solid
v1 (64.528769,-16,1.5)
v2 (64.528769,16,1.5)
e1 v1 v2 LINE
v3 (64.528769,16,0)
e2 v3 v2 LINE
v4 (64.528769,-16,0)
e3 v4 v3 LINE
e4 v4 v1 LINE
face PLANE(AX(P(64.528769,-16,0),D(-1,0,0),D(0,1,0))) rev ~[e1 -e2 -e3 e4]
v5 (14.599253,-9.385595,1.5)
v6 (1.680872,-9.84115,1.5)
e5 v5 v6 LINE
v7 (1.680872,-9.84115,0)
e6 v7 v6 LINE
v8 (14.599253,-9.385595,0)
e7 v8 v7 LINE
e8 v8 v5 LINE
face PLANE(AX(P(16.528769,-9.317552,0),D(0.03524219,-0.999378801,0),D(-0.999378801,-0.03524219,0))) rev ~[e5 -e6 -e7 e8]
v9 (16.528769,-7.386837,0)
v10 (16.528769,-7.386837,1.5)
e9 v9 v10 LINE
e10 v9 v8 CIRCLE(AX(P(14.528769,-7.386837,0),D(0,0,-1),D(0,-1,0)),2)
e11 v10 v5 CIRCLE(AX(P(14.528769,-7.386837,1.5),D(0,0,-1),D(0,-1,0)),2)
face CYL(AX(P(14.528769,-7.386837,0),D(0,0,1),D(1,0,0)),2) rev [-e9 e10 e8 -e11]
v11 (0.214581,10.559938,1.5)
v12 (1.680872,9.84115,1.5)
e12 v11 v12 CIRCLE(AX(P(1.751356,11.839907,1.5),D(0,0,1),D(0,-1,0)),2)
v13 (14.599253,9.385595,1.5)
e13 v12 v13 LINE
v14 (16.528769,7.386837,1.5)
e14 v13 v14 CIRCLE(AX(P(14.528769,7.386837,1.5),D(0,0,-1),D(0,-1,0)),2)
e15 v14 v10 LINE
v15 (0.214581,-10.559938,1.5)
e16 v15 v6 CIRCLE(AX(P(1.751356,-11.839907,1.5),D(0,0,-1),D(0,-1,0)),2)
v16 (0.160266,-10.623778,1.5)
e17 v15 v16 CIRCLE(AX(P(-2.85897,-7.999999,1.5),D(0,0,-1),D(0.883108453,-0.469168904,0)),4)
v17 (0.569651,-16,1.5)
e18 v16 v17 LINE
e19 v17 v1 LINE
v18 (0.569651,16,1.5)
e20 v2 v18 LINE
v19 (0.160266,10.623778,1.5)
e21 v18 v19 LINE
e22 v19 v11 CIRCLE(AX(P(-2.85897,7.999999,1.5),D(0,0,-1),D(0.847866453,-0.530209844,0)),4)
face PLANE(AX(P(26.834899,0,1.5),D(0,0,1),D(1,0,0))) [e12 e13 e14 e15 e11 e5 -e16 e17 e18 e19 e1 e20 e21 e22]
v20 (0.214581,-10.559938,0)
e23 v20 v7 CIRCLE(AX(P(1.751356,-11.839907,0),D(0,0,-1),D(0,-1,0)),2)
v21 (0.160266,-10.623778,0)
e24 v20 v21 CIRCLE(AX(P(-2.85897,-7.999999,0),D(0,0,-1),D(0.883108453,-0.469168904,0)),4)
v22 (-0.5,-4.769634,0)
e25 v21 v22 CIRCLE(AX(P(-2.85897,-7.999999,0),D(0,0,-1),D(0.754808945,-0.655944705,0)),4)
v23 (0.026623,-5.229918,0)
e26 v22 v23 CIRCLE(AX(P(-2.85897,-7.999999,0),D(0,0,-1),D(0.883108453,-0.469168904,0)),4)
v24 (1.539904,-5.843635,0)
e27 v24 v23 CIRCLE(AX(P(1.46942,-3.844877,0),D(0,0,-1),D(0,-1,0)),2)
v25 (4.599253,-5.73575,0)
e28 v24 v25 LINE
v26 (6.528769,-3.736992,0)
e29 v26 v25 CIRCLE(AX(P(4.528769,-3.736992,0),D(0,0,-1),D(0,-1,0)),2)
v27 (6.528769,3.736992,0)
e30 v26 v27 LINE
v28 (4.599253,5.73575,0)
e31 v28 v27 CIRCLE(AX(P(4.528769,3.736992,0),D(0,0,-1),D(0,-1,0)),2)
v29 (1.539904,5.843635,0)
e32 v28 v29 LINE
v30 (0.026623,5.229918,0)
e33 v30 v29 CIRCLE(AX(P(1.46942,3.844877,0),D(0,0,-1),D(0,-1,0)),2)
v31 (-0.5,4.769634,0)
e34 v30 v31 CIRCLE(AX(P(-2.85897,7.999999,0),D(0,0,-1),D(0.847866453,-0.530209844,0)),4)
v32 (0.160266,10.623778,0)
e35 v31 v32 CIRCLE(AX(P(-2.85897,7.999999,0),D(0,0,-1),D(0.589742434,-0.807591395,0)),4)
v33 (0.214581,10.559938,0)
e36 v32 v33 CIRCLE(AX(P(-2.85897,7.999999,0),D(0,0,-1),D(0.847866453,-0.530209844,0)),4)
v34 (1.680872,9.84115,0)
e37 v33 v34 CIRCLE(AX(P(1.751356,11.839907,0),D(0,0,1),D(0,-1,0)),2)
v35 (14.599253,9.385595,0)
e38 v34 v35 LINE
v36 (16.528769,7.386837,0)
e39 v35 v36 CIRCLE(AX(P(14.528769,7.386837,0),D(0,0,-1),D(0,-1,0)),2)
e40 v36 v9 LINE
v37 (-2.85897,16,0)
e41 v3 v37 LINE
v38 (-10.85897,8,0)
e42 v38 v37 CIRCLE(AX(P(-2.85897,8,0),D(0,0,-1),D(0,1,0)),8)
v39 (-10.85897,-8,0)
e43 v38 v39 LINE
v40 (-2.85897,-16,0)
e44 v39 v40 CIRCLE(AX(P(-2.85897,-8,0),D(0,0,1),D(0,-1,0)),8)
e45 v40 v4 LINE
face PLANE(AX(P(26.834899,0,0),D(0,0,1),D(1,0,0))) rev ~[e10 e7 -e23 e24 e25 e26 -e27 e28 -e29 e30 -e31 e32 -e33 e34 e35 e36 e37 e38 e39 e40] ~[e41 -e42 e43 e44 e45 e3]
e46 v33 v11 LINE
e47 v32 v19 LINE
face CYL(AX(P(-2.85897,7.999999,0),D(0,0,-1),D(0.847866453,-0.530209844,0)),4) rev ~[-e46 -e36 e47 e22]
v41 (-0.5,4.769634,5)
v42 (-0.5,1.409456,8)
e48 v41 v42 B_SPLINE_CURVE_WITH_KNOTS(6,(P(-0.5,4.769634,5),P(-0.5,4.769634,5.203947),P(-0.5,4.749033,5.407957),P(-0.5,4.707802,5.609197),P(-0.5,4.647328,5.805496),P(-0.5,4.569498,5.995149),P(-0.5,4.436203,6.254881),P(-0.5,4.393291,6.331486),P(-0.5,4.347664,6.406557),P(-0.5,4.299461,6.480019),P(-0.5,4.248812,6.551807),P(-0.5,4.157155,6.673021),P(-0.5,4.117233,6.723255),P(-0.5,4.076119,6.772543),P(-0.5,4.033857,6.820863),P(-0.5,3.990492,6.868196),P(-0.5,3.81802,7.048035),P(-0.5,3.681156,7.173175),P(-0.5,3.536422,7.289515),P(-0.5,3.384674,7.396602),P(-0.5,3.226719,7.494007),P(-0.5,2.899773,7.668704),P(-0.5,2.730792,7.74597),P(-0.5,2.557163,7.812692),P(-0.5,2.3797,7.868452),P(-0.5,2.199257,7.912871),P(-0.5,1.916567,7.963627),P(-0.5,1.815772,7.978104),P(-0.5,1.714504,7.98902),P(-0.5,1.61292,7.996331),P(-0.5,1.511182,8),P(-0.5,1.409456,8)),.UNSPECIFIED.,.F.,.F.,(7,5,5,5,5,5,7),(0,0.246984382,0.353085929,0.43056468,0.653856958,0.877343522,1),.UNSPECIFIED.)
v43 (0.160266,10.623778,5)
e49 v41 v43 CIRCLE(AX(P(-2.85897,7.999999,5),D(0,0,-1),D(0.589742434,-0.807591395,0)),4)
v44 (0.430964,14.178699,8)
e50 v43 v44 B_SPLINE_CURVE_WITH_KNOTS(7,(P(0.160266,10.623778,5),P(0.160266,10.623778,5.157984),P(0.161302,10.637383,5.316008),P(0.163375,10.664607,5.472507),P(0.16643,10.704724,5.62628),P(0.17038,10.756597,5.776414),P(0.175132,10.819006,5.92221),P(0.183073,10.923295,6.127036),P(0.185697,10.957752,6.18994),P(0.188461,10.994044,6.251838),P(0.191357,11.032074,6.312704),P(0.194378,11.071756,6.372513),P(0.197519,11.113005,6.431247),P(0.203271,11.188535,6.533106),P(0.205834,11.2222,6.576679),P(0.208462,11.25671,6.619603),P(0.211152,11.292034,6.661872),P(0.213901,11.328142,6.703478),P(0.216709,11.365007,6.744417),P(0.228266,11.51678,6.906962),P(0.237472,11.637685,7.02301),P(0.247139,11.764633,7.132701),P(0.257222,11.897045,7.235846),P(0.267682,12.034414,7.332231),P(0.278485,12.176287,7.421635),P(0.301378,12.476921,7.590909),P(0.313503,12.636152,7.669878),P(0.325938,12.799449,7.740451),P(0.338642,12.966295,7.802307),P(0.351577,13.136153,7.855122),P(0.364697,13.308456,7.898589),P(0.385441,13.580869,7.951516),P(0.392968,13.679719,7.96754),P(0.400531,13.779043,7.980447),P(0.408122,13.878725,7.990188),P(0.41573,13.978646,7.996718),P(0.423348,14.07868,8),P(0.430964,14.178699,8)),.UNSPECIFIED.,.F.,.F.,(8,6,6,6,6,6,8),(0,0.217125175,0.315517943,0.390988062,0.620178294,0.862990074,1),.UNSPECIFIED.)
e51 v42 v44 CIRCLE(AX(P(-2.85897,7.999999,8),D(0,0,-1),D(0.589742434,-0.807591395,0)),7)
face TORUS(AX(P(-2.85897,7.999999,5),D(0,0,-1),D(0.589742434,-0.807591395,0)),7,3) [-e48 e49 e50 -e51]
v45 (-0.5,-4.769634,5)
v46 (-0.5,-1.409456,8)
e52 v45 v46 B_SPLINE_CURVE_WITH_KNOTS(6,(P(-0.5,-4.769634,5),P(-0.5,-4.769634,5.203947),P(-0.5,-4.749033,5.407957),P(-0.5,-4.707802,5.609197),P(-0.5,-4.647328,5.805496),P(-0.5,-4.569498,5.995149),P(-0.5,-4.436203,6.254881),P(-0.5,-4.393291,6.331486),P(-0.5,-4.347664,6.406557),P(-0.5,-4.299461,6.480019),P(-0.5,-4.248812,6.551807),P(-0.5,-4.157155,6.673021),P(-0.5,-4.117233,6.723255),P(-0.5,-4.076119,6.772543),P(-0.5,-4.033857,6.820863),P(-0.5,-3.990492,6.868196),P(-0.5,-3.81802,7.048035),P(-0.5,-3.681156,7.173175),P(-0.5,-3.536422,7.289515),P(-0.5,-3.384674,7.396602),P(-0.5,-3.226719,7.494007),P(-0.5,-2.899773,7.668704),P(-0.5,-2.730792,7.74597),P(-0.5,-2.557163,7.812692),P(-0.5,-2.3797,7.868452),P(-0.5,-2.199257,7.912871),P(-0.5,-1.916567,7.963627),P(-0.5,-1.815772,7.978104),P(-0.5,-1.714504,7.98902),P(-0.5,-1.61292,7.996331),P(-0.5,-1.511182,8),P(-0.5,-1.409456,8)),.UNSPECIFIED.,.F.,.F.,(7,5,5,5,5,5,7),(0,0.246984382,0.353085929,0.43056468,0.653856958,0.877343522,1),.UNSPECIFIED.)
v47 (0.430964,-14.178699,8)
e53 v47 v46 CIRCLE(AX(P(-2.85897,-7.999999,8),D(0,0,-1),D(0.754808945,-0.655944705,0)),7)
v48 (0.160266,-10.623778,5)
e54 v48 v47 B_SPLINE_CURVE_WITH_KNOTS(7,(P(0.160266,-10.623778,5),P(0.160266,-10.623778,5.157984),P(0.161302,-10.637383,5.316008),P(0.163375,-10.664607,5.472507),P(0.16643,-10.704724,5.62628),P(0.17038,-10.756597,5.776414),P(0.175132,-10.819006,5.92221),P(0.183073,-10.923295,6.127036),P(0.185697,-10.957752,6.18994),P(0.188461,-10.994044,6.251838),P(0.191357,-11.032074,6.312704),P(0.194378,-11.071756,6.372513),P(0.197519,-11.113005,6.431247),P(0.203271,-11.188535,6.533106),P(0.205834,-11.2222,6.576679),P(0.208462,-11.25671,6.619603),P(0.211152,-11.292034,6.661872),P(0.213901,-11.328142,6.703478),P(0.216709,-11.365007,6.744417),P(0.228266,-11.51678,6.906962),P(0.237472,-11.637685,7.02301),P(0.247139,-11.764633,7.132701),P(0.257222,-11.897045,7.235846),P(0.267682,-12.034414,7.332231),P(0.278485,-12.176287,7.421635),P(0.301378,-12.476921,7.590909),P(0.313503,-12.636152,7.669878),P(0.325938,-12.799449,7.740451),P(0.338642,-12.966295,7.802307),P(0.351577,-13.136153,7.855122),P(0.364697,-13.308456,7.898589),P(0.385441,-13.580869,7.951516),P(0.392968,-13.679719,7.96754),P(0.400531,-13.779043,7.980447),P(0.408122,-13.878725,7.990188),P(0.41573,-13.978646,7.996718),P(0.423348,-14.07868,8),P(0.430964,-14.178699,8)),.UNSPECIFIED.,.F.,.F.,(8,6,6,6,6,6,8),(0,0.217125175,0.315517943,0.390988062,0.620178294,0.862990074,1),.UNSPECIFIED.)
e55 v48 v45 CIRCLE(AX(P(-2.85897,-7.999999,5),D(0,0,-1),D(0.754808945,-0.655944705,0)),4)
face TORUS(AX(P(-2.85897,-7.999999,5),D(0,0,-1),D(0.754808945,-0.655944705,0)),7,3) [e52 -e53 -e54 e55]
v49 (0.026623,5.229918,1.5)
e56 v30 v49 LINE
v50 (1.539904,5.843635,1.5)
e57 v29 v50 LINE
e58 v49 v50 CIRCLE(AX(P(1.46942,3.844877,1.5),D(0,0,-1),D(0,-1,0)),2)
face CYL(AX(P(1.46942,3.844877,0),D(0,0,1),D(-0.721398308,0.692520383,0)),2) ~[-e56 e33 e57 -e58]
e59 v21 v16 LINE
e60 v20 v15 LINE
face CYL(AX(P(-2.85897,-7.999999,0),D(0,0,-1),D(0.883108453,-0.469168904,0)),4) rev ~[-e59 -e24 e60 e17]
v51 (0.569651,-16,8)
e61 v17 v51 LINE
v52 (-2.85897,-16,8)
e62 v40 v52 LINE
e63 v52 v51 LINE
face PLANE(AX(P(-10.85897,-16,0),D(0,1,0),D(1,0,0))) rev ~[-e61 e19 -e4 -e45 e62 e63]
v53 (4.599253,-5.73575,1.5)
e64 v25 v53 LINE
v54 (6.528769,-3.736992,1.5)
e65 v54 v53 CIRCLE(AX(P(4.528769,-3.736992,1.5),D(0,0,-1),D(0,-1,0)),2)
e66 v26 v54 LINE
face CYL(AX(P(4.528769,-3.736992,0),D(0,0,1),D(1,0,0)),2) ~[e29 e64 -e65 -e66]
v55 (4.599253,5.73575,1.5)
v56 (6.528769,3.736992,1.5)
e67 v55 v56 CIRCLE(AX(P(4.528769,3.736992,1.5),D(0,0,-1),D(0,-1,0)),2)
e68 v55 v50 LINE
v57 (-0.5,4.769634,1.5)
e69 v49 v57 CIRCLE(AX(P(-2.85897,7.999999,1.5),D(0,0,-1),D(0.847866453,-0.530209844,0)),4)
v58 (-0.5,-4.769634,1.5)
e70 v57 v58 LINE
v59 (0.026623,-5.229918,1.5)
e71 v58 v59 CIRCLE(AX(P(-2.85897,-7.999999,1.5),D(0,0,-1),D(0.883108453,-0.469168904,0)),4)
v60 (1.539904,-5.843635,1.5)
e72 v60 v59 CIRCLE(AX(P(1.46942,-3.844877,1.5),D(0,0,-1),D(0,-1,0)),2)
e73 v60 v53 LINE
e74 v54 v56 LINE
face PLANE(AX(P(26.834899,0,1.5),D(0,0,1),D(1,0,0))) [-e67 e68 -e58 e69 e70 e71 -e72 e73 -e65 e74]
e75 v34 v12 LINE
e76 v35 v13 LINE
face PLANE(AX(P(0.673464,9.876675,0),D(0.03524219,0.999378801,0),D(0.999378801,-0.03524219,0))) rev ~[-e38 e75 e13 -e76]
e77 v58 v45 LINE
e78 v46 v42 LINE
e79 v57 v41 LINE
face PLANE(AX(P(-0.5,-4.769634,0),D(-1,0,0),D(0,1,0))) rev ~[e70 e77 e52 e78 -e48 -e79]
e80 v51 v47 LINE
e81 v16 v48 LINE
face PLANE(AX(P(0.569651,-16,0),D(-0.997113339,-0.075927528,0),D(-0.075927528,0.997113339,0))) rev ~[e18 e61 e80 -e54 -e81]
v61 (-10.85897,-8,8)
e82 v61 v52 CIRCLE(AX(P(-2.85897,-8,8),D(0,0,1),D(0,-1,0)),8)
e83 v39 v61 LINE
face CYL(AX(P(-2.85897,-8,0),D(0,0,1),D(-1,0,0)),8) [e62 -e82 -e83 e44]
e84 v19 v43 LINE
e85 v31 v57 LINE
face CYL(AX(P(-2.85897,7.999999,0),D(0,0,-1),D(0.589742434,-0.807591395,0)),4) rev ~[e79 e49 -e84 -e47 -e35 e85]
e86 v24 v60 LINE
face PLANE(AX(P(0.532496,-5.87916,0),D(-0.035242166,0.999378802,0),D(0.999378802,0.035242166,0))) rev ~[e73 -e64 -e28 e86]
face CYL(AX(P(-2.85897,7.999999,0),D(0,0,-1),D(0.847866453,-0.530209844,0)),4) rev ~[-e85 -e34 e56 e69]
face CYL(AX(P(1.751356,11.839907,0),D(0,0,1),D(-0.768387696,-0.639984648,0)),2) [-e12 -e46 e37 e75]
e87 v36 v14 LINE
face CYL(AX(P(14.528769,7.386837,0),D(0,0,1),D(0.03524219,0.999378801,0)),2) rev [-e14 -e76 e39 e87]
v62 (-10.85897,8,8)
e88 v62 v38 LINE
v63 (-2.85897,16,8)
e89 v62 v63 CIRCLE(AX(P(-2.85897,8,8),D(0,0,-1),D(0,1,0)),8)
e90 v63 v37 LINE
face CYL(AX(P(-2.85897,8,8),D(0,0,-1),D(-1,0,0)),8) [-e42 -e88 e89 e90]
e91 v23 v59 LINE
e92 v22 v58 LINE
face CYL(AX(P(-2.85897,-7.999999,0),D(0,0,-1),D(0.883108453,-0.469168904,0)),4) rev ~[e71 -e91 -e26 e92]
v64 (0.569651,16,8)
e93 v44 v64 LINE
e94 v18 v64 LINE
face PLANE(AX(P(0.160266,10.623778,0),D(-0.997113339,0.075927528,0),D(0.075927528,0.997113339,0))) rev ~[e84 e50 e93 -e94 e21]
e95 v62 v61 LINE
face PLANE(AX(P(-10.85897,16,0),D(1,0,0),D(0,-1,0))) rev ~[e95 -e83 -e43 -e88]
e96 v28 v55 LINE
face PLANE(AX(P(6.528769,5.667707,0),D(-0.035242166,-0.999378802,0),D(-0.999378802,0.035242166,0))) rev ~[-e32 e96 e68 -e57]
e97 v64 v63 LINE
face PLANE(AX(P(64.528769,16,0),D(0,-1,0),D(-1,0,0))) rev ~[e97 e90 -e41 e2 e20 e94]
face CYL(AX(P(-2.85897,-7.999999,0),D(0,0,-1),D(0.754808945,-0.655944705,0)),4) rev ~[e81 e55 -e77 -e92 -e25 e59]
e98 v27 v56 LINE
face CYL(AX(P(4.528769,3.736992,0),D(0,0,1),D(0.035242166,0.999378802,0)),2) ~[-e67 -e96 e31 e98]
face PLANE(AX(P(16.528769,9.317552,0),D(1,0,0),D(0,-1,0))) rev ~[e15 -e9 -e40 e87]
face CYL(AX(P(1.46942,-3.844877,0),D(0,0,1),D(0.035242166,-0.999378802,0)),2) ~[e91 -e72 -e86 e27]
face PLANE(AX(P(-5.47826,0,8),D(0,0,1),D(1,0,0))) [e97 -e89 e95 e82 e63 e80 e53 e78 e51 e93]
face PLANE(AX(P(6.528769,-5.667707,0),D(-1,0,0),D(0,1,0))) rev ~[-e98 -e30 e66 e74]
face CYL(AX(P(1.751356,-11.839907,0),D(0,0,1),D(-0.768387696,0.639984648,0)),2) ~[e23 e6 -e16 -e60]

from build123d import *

# Parameters (mm, degrees)
F2_DEPTH = 1.5
F4_DEPTH = 8
F5_R     = 3
F6_R     = 2
F7_R     = 8


with BuildPart() as f2:
    # F1 (on Top) → F2 (new body)
    with BuildSketch(Plane.XY):
        Polygon((-10.85897, 16), (-10.85897, 0), (-10.85897, -16), (64.528769, -16), (64.528769, 0), (64.528769, 16), align=None)
        with BuildLine():
            ThreePointArc((0.532496, 5.87916), (-6.856485, 8.140969), (0.673464, 9.876675))
            Line((0.673464, 9.876675), (16.528769, 9.317552))
            Line((16.528769, 9.317552), (16.528769, 0))
            Line((16.528769, 0), (16.528769, -9.317552))
            Line((16.528769, -9.317552), (0.673464, -9.876675))
            ThreePointArc((0.673464, -9.876675), (-6.856485, -8.140969), (0.532496, -5.87916))
            Line((0.532496, -5.87916), (6.528769, -5.667707))
            Line((6.528769, -5.667707), (6.528769, 0))
            Line((6.528769, 0), (6.528769, 5.667707))
            Line((6.528769, 5.667707), (0.532496, 5.87916))
        make_face(mode=Mode.SUBTRACT)
    extrude(amount=F2_DEPTH)

    # F3 (on Top) → F4 (join)
    with BuildSketch(Plane.XY):
        with BuildLine():
            Line((0.569651, 16), (-10.85897, 16))
            Line((-10.85897, 16), (-10.85897, -16))
            Line((-10.85897, -16), (0.569651, -16))
            Line((0.569651, -16), (0.160266, -10.623778))
            ThreePointArc((0.160266, -10.623778), (-6.833768, -8.448302), (-0.5, -4.769634))
            Line((-0.5, -4.769634), (-0.5, 4.769634))
            ThreePointArc((-0.5, 4.769634), (-6.833768, 8.448302), (0.160266, 10.623778))
            Line((0.160266, 10.623778), (0.569651, 16))
        make_face()
    extrude(amount=F4_DEPTH)

    # F5
    f5_edges = [f2.edges().sort_by_distance(p)[0] for p in [
        (-6.833768, 8.448302, 8),
        (-6.833768, -8.448302, 8),
    ]]
    fillet(f5_edges, radius=F5_R)

    # F6
    f6_edges = [f2.edges().sort_by_distance(p)[0] for p in [
        (0.532496, 5.87916, 0.75),
        (0.532496, -5.87916, 0.75),
        (16.528769, 9.317552, 0.75),
        (16.528769, -9.317552, 0.75),
        (0.673464, -9.876675, 0.75),
        (0.673464, 9.876675, 0.75),
        (6.528769, 5.667707, 0.75),
        (6.528769, -5.667707, 0.75),
    ]]
    fillet(f6_edges, radius=F6_R)

    # F7
    f7_edges = [f2.edges().sort_by_distance(p)[0] for p in [
        (-10.85897, 16, 4),
        (-10.85897, -16, 4),
    ]]
    fillet(f7_edges, radius=F7_R)


solid = f2.part
